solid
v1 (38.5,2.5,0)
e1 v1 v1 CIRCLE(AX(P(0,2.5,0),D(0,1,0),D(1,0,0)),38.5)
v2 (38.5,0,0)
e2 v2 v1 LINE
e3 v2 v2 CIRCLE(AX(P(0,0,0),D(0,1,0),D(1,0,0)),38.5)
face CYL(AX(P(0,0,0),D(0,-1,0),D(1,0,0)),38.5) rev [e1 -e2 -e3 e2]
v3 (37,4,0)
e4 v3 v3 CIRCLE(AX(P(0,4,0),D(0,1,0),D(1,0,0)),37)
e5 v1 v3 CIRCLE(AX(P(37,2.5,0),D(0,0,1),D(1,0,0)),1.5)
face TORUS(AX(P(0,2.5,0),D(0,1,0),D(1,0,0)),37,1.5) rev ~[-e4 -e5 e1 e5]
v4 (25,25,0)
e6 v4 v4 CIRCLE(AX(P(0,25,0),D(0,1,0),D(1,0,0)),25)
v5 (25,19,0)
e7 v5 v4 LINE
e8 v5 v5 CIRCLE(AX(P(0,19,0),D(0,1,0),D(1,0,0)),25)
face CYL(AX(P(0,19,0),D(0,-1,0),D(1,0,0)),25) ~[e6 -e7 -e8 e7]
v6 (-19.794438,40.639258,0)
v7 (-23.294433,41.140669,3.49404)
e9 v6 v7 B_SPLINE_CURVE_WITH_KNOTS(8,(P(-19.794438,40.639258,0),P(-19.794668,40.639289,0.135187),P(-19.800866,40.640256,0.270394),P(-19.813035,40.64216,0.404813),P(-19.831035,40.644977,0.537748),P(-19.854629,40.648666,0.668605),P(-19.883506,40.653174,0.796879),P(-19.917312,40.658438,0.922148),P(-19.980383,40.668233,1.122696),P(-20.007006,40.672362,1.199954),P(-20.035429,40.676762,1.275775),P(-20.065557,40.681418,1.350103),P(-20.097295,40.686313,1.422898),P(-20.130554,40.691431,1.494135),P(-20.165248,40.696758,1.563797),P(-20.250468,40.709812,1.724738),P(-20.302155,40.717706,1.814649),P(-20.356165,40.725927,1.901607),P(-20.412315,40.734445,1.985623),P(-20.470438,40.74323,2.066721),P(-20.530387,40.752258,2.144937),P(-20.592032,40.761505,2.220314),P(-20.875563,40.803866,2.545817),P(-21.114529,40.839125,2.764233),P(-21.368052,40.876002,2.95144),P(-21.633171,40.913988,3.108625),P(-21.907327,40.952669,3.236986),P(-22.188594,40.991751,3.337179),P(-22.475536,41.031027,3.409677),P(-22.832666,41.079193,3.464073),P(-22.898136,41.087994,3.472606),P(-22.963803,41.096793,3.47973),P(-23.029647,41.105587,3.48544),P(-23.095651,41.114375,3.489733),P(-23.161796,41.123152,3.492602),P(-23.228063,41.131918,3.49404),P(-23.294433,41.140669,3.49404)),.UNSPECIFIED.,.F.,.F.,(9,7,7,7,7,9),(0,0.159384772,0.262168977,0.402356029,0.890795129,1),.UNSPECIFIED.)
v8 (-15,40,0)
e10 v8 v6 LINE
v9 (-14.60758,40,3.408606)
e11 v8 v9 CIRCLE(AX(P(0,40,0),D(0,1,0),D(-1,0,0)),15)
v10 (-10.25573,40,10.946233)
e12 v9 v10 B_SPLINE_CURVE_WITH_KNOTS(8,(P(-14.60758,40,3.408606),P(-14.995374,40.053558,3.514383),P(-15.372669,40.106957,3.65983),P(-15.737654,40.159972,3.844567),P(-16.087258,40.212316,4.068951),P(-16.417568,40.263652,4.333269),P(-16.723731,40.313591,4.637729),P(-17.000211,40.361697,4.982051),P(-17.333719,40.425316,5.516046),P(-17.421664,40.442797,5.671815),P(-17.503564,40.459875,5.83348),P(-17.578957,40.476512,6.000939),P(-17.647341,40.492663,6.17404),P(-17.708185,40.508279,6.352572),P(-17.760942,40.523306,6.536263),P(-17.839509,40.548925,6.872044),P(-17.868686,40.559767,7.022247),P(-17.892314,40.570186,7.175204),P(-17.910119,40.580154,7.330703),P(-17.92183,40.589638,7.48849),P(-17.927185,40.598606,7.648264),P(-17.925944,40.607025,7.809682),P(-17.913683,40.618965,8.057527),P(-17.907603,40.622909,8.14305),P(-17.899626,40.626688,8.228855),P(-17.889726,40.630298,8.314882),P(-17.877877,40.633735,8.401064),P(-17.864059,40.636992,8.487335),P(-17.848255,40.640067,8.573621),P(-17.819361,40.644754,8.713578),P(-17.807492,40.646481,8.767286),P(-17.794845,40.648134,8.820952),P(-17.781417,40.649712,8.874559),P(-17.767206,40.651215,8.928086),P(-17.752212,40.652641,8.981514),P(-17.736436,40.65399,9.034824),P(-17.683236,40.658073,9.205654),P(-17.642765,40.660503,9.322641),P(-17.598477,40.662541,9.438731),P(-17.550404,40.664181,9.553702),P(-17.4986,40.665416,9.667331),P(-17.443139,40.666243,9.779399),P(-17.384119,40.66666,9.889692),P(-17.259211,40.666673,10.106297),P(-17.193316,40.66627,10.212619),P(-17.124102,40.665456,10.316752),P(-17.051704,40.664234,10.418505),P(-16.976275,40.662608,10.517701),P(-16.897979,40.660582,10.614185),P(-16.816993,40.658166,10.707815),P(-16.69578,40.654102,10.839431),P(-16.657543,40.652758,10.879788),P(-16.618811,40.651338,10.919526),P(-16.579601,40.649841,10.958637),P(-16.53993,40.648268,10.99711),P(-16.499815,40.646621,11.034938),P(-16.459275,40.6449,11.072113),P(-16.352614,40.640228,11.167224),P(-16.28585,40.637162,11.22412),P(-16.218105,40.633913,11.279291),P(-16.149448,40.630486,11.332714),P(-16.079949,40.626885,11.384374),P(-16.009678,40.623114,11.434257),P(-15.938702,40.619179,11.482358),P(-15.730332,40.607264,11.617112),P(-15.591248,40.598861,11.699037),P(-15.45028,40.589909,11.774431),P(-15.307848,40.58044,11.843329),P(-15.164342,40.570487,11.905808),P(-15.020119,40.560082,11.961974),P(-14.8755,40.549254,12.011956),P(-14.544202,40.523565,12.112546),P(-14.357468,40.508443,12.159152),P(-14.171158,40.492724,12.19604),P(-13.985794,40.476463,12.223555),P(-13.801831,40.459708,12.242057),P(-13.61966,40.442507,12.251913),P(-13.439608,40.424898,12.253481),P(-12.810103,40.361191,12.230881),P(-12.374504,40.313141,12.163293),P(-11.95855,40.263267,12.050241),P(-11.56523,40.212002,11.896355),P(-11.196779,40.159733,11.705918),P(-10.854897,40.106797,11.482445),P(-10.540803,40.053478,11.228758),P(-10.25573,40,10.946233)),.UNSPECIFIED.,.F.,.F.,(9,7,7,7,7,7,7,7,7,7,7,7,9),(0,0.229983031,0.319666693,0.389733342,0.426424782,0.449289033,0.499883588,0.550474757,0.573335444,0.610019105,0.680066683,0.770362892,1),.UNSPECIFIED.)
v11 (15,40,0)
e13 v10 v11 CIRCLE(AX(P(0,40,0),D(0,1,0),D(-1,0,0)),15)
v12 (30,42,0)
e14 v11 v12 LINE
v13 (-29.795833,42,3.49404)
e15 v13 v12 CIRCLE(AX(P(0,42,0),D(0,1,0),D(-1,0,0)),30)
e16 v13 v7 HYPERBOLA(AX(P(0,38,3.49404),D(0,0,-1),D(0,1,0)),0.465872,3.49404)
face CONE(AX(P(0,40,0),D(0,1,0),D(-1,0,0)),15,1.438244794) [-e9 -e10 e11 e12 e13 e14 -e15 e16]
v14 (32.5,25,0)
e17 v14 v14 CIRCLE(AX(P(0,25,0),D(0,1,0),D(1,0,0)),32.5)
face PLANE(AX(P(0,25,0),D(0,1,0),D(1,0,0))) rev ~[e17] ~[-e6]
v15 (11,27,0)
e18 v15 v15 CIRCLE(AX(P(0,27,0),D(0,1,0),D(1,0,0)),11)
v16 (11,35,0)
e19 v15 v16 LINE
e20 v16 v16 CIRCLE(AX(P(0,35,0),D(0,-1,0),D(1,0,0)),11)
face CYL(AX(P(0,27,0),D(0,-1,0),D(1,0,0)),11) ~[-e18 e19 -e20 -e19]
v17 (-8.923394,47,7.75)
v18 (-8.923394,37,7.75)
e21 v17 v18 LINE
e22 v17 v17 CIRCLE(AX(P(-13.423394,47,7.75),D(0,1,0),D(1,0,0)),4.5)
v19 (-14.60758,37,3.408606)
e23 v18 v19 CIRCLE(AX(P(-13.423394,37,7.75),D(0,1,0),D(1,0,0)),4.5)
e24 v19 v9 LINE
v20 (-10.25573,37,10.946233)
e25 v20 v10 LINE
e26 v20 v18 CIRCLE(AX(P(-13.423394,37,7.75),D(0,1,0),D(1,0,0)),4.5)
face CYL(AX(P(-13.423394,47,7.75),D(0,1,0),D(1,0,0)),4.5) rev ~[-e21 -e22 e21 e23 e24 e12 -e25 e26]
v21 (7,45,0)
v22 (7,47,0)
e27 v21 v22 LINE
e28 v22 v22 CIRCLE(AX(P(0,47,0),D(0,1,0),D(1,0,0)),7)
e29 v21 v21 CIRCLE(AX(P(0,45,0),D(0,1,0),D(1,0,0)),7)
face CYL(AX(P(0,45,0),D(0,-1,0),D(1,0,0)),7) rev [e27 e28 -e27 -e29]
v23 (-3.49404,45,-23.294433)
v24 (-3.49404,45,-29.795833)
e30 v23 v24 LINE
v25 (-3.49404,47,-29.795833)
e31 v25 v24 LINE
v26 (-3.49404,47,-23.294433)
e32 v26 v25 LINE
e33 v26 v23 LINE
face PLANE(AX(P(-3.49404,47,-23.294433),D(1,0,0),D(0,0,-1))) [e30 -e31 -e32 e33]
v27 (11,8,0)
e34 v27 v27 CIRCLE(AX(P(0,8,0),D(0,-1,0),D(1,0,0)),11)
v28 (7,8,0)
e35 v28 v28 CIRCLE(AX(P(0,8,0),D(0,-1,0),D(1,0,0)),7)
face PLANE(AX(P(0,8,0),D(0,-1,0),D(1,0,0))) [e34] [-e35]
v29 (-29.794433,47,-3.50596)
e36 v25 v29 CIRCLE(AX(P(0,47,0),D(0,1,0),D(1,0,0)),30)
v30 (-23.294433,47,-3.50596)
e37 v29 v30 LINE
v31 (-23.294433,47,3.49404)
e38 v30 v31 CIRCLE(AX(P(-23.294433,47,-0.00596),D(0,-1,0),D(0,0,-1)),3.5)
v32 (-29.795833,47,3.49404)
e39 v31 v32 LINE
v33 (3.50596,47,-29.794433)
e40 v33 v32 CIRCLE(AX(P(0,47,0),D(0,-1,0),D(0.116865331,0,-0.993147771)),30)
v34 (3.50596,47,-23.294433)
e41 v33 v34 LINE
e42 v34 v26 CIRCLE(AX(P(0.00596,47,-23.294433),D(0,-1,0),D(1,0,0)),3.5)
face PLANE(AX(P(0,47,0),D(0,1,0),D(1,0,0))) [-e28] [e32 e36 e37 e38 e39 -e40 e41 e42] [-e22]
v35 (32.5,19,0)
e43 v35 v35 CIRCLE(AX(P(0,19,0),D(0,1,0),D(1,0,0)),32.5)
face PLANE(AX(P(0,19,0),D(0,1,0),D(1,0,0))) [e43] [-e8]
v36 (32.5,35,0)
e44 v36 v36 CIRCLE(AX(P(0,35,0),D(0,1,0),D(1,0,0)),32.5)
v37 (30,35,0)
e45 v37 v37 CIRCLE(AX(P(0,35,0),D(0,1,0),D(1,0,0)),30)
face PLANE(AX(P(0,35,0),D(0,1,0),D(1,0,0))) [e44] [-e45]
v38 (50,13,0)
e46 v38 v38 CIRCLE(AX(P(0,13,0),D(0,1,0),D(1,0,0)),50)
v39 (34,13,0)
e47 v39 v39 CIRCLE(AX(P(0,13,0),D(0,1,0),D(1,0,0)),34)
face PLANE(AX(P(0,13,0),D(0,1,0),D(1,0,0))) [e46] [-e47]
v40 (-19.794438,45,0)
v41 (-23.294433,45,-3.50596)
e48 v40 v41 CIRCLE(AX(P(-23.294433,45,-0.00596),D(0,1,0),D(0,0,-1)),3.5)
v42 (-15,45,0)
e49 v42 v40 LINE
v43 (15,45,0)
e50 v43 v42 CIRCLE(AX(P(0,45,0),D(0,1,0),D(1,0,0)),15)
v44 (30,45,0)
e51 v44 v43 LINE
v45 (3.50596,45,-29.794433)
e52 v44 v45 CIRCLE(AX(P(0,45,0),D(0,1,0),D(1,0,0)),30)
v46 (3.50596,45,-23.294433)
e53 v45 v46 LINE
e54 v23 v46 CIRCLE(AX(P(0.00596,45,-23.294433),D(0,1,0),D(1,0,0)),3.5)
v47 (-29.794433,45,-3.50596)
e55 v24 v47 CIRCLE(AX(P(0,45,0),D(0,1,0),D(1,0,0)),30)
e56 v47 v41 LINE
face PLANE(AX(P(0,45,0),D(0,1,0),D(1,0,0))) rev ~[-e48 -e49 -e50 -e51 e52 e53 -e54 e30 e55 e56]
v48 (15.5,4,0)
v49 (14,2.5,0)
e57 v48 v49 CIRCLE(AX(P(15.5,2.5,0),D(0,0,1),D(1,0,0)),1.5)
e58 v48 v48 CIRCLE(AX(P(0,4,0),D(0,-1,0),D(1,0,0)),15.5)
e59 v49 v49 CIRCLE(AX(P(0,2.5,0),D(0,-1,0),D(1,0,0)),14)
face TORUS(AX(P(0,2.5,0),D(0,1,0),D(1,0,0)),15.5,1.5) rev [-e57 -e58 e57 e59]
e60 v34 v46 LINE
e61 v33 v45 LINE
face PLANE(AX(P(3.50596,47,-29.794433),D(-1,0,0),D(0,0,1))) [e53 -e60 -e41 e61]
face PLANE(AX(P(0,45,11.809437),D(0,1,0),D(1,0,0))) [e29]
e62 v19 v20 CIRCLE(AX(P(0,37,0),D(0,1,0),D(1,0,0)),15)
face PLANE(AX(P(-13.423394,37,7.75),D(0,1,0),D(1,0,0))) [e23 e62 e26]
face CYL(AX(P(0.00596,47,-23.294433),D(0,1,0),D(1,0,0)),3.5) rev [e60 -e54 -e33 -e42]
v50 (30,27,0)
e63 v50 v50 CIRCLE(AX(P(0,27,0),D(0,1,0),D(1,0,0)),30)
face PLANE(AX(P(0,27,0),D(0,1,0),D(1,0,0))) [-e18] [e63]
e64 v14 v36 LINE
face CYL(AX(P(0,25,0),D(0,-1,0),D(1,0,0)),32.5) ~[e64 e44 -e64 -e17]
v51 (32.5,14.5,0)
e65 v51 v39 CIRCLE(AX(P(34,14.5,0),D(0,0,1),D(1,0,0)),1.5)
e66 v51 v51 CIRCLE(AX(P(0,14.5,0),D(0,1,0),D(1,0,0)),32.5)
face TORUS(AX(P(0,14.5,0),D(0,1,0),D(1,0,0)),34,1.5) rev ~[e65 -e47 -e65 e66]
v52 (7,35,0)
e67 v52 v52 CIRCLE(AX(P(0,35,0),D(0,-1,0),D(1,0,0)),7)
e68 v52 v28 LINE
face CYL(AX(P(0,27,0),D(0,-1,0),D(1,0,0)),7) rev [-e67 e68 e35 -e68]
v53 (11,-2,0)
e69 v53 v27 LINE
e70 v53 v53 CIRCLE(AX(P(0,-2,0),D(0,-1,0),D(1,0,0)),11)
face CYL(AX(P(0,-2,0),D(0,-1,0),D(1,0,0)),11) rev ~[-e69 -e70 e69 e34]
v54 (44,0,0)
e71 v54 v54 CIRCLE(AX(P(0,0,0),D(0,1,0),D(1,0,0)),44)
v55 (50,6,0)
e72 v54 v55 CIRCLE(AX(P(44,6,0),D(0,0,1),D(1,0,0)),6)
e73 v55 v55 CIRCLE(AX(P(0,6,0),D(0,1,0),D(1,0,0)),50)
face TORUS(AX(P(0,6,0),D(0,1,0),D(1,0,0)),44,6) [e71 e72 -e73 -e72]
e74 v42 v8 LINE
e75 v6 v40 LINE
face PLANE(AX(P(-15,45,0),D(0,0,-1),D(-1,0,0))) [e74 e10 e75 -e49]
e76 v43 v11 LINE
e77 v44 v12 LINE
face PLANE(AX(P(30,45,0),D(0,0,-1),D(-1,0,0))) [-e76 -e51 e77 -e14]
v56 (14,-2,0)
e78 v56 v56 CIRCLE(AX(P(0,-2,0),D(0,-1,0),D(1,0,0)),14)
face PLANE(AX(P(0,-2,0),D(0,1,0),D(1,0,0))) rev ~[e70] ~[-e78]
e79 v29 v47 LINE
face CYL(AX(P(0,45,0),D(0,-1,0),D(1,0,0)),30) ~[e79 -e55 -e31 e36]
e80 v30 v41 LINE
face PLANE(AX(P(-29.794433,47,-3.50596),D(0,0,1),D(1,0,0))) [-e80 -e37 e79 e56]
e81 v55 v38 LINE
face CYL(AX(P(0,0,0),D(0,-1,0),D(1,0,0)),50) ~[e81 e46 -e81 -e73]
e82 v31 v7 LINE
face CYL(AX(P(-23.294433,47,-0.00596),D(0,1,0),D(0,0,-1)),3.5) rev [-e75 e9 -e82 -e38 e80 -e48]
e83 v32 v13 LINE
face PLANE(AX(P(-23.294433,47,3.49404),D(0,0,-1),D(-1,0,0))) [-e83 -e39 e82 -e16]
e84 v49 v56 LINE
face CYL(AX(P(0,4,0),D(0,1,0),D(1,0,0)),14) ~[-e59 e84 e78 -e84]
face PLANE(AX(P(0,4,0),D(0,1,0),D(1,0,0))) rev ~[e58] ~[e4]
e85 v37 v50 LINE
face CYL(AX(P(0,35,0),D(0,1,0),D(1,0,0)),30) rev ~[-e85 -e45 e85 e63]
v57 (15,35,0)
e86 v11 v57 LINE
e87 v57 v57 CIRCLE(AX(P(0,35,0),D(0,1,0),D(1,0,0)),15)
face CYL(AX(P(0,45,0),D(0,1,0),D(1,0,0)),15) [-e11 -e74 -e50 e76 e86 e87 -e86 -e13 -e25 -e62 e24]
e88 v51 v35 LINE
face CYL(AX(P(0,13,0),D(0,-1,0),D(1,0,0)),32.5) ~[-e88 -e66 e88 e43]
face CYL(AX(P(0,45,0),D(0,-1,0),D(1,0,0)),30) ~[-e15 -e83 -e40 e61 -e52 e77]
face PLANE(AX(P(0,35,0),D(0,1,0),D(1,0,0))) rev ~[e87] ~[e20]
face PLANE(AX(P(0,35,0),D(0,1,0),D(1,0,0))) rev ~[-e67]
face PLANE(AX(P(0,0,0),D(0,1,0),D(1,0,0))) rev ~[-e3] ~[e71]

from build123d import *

# Parameters (mm, degrees)
CROQUIS1_R               = 50
SALIENTE_EXTRUIR1_DEPTH  = 13
CROQUIS1_3_R             = 38.5
CORTAR_EXTRUIR1_DEPTH    = 4
CROQUIS4_R               = 14
CROQUIS4_R_2             = 11
SALIENTE_EXTRUIR3_DEPTH  = 6
CROQUIS4_2_R             = 11
CORTAR_EXTRUIR4_DEPTH    = 10
REDONDEO1_R              = 1.5
REDONDEO2_R              = 1.5
REDONDEO3_R              = 6
CROQUIS7_R               = 32.5
CROQUIS7_R_2             = 11
SALIENTE_EXTRUIR4_DEPTH  = 6
REDONDEO4_R              = 1.5
CROQUIS9_R               = 25
CROQUIS9_R_2             = 11
SALIENTE_EXTRUIR6_DEPTH  = 6
CROQUIS10_R              = 32.5
CROQUIS10_R_2            = 11
SALIENTE_EXTRUIR7_DEPTH  = 10
CROQUIS11_R              = 30
CROQUIS11_R_2            = 11
CORTAR_EXTRUIR5_DEPTH    = 8
CROQUIS12_R              = 11
CROQUIS12_R_2            = 7
SALIENTE_EXTRUIR8_DEPTH  = 29
CROQUIS12_2_R            = 11
CROQUIS12_2_R_2          = 7
SALIENTE_EXTRUIR9_DEPTH  = 18
CROQUIS13_R              = 11
CORTAR_EXTRUIR6_DEPTH    = 10
CROQUIS14_R              = 15
SALIENTE_EXTRUIR11_DEPTH = 10
SALIENTE_EXTRUIR12_DEPTH = 8
CORTAR_REVOLUCI_N1_ANGLE = 180
CROQUIS19_R              = 30
CROQUIS19_R_2            = 7
SALIENTE_EXTRUIR13_DEPTH = 2
CORTAR_EXTRUIR9_DEPTH    = 10
CROQUIS21_R              = 4.5
CORTAR_EXTRUIR10_DEPTH   = 10


with BuildPart() as part:
    # Croquis1 → Saliente-Extruir1 (new body)
    with BuildSketch(Plane(origin=(0, 0, 0), x_dir=(1, 0, 0), z_dir=(0, 1, 0))):
        Circle(CROQUIS1_R)
    extrude(amount=SALIENTE_EXTRUIR1_DEPTH)

    # Croquis1<3> → Cortar-Extruir1 (cut)
    with BuildSketch(Plane(origin=(0, 0, 0), x_dir=(1, 0, 0), z_dir=(0, 1, 0))):
        Circle(CROQUIS1_3_R)
    extrude(amount=CORTAR_EXTRUIR1_DEPTH, mode=Mode.SUBTRACT)

    # Croquis4 → Saliente-Extruir3 (add)
    with BuildSketch(Plane.XZ.offset(-4)):
        Circle(CROQUIS4_R)
        Circle(CROQUIS4_R_2, mode=Mode.SUBTRACT)
    extrude(amount=SALIENTE_EXTRUIR3_DEPTH)

    # Croquis4<2> → Cortar-Extruir4 (cut, through all)
    with BuildSketch(Plane.XZ.offset(-4)):
        Circle(CROQUIS4_2_R)
    extrude(amount=-CORTAR_EXTRUIR4_DEPTH, mode=Mode.SUBTRACT)

    # Redondeo1
    redondeo1_edges = [part.edges().sort_by_distance(p)[0] for p in [
        (-38.5, 4, 0),
    ]]
    fillet(redondeo1_edges, radius=REDONDEO1_R)

    # Redondeo2
    redondeo2_edges = [part.edges().sort_by_distance(p)[0] for p in [
        (-14, 4, 0),
    ]]
    fillet(redondeo2_edges, radius=REDONDEO2_R)

    # Redondeo3
    redondeo3_edges = [part.edges().sort_by_distance(p)[0] for p in [
        (-50, 0, 0),
    ]]
    fillet(redondeo3_edges, radius=REDONDEO3_R)

    # Croquis7 → Saliente-Extruir4 (add)
    with BuildSketch(Plane(origin=(0, 13, 0), x_dir=(1, 0, 0), z_dir=(0, 1, 0))):
        Circle(CROQUIS7_R)
        Circle(CROQUIS7_R_2, mode=Mode.SUBTRACT)
    extrude(amount=SALIENTE_EXTRUIR4_DEPTH)

    # Redondeo4
    redondeo4_edges = [part.edges().sort_by_distance(p)[0] for p in [
        (-32.5, 13, 0),
    ]]
    fillet(redondeo4_edges, radius=REDONDEO4_R)

    # Croquis9 → Saliente-Extruir6 (add)
    with BuildSketch(Plane(origin=(0, 19, 0), x_dir=(1, 0, 0), z_dir=(0, 1, 0))):
        Circle(CROQUIS9_R)
        Circle(CROQUIS9_R_2, mode=Mode.SUBTRACT)
    extrude(amount=SALIENTE_EXTRUIR6_DEPTH)

    # Croquis10 → Saliente-Extruir7 (add)
    with BuildSketch(Plane(origin=(0, 25, 0), x_dir=(1, 0, 0), z_dir=(0, 1, 0))):
        Circle(CROQUIS10_R)
        Circle(CROQUIS10_R_2, mode=Mode.SUBTRACT)
    extrude(amount=SALIENTE_EXTRUIR7_DEPTH)

    # Croquis11 → Cortar-Extruir5 (cut)
    with BuildSketch(Plane(origin=(0, 35, 0), x_dir=(1, 0, 0), z_dir=(0, 1, 0))):
        Circle(CROQUIS11_R)
        Circle(CROQUIS11_R_2, mode=Mode.SUBTRACT)
    extrude(amount=-CORTAR_EXTRUIR5_DEPTH, mode=Mode.SUBTRACT)

    # Croquis12 → Saliente-Extruir8 (add, through all)
    with BuildSketch(Plane(origin=(0, 27, 0), x_dir=(1, 0, 0), z_dir=(0, 1, 0))):
        Circle(CROQUIS12_R)
        Circle(CROQUIS12_R_2, mode=Mode.SUBTRACT)
    extrude(amount=-SALIENTE_EXTRUIR8_DEPTH)

    # Croquis12<2> → Saliente-Extruir9 (add)
    with BuildSketch(Plane(origin=(0, 27, 0), x_dir=(1, 0, 0), z_dir=(0, 1, 0))):
        Circle(CROQUIS12_2_R)
        Circle(CROQUIS12_2_R_2, mode=Mode.SUBTRACT)
    extrude(amount=SALIENTE_EXTRUIR9_DEPTH)

    # Croquis13 → Cortar-Extruir6 (cut)
    with BuildSketch(Plane.XZ.offset(2)):
        Circle(CROQUIS13_R)
    extrude(amount=-CORTAR_EXTRUIR6_DEPTH, mode=Mode.SUBTRACT)

    # Croquis14 → Saliente-Extruir11 (add)
    with BuildSketch(Plane(origin=(0, 45, 0), x_dir=(1, 0, 0), z_dir=(0, 1, 0))):
        Circle(CROQUIS14_R)
    extrude(amount=-SALIENTE_EXTRUIR11_DEPTH)

    # Croquis17 → Saliente-Extruir12 (add)
    with BuildSketch(Plane(origin=(0, 45, 0), x_dir=(1, 0, 0), z_dir=(0, 1, 0))):
        with BuildLine():
            Line((30, 0), (15, 0))
            ThreePointArc((15, 0), (0, -15), (-15, 0))
            Line((-15, 0), (-30, 0))
            ThreePointArc((-30, 0), (0, -30), (30, 0))
        make_face()
    extrude(amount=-SALIENTE_EXTRUIR12_DEPTH)

    # Croquis18 → Cortar-Revolución1 (revolve, cut)
    with BuildSketch(Plane(origin=(0, 0, 0), x_dir=(-1, 0, 0), z_dir=(0, 0, -1))):
        Polygon((15, 40), (30, 42), (30, 37), (15, 37), align=None)
    revolve(axis=Axis((0, 37, 0), (0, 1, 0)), revolution_arc=CORTAR_REVOLUCI_N1_ANGLE, mode=Mode.SUBTRACT)

    # Croquis19 → Saliente-Extruir13 (add)
    with BuildSketch(Plane(origin=(0, 45, 0), x_dir=(1, 0, 0), z_dir=(0, 1, 0))):
        Circle(CROQUIS19_R)
        Circle(CROQUIS19_R_2, mode=Mode.SUBTRACT)
    extrude(amount=SALIENTE_EXTRUIR13_DEPTH)

    # Croquis20 → Cortar-Extruir9 (cut)
    with BuildSketch(Plane(origin=(0, 47, 0), x_dir=(1, 0, 0), z_dir=(0, 1, 0))):
        with BuildLine():
            Line((3.505959936, 29.79443312), (3.505959936, 23.29443312))
            ThreePointArc((3.505959936, 23.29443312), (0.005959936, 19.79443312), (-3.494040064, 23.29443312))
            Line((-3.494040064, 23.29443312), (-3.494040064, 29.795833333))
            ThreePointArc((-3.494040064, 29.795833333), (0.006000915, 29.9999994), (3.505959936, 29.79443312))
        make_face()
        with BuildLine():
            Line((-29.79443312, 3.505959936), (-23.29443312, 3.505959936))
            ThreePointArc((-23.29443312, 3.505959936), (-19.79443312, 0.005959936), (-23.29443312, -3.494040064))
            Line((-23.29443312, -3.494040064), (-29.795833333, -3.494040064))
            ThreePointArc((-29.795833333, -3.494040064), (-29.9999994, 0.006000915), (-29.79443312, 3.505959936))
        make_face()
    extrude(amount=-CORTAR_EXTRUIR9_DEPTH, mode=Mode.SUBTRACT)

    # Croquis21 → Cortar-Extruir10 (cut)
    with BuildSketch(Plane(origin=(0, 47, 0), x_dir=(1, 0, 0), z_dir=(0, 1, 0))):
        with Locations((-13.423393759, -7.75)):
            Circle(CROQUIS21_R)
    extrude(amount=-CORTAR_EXTRUIR10_DEPTH, mode=Mode.SUBTRACT)


solid = part.part
